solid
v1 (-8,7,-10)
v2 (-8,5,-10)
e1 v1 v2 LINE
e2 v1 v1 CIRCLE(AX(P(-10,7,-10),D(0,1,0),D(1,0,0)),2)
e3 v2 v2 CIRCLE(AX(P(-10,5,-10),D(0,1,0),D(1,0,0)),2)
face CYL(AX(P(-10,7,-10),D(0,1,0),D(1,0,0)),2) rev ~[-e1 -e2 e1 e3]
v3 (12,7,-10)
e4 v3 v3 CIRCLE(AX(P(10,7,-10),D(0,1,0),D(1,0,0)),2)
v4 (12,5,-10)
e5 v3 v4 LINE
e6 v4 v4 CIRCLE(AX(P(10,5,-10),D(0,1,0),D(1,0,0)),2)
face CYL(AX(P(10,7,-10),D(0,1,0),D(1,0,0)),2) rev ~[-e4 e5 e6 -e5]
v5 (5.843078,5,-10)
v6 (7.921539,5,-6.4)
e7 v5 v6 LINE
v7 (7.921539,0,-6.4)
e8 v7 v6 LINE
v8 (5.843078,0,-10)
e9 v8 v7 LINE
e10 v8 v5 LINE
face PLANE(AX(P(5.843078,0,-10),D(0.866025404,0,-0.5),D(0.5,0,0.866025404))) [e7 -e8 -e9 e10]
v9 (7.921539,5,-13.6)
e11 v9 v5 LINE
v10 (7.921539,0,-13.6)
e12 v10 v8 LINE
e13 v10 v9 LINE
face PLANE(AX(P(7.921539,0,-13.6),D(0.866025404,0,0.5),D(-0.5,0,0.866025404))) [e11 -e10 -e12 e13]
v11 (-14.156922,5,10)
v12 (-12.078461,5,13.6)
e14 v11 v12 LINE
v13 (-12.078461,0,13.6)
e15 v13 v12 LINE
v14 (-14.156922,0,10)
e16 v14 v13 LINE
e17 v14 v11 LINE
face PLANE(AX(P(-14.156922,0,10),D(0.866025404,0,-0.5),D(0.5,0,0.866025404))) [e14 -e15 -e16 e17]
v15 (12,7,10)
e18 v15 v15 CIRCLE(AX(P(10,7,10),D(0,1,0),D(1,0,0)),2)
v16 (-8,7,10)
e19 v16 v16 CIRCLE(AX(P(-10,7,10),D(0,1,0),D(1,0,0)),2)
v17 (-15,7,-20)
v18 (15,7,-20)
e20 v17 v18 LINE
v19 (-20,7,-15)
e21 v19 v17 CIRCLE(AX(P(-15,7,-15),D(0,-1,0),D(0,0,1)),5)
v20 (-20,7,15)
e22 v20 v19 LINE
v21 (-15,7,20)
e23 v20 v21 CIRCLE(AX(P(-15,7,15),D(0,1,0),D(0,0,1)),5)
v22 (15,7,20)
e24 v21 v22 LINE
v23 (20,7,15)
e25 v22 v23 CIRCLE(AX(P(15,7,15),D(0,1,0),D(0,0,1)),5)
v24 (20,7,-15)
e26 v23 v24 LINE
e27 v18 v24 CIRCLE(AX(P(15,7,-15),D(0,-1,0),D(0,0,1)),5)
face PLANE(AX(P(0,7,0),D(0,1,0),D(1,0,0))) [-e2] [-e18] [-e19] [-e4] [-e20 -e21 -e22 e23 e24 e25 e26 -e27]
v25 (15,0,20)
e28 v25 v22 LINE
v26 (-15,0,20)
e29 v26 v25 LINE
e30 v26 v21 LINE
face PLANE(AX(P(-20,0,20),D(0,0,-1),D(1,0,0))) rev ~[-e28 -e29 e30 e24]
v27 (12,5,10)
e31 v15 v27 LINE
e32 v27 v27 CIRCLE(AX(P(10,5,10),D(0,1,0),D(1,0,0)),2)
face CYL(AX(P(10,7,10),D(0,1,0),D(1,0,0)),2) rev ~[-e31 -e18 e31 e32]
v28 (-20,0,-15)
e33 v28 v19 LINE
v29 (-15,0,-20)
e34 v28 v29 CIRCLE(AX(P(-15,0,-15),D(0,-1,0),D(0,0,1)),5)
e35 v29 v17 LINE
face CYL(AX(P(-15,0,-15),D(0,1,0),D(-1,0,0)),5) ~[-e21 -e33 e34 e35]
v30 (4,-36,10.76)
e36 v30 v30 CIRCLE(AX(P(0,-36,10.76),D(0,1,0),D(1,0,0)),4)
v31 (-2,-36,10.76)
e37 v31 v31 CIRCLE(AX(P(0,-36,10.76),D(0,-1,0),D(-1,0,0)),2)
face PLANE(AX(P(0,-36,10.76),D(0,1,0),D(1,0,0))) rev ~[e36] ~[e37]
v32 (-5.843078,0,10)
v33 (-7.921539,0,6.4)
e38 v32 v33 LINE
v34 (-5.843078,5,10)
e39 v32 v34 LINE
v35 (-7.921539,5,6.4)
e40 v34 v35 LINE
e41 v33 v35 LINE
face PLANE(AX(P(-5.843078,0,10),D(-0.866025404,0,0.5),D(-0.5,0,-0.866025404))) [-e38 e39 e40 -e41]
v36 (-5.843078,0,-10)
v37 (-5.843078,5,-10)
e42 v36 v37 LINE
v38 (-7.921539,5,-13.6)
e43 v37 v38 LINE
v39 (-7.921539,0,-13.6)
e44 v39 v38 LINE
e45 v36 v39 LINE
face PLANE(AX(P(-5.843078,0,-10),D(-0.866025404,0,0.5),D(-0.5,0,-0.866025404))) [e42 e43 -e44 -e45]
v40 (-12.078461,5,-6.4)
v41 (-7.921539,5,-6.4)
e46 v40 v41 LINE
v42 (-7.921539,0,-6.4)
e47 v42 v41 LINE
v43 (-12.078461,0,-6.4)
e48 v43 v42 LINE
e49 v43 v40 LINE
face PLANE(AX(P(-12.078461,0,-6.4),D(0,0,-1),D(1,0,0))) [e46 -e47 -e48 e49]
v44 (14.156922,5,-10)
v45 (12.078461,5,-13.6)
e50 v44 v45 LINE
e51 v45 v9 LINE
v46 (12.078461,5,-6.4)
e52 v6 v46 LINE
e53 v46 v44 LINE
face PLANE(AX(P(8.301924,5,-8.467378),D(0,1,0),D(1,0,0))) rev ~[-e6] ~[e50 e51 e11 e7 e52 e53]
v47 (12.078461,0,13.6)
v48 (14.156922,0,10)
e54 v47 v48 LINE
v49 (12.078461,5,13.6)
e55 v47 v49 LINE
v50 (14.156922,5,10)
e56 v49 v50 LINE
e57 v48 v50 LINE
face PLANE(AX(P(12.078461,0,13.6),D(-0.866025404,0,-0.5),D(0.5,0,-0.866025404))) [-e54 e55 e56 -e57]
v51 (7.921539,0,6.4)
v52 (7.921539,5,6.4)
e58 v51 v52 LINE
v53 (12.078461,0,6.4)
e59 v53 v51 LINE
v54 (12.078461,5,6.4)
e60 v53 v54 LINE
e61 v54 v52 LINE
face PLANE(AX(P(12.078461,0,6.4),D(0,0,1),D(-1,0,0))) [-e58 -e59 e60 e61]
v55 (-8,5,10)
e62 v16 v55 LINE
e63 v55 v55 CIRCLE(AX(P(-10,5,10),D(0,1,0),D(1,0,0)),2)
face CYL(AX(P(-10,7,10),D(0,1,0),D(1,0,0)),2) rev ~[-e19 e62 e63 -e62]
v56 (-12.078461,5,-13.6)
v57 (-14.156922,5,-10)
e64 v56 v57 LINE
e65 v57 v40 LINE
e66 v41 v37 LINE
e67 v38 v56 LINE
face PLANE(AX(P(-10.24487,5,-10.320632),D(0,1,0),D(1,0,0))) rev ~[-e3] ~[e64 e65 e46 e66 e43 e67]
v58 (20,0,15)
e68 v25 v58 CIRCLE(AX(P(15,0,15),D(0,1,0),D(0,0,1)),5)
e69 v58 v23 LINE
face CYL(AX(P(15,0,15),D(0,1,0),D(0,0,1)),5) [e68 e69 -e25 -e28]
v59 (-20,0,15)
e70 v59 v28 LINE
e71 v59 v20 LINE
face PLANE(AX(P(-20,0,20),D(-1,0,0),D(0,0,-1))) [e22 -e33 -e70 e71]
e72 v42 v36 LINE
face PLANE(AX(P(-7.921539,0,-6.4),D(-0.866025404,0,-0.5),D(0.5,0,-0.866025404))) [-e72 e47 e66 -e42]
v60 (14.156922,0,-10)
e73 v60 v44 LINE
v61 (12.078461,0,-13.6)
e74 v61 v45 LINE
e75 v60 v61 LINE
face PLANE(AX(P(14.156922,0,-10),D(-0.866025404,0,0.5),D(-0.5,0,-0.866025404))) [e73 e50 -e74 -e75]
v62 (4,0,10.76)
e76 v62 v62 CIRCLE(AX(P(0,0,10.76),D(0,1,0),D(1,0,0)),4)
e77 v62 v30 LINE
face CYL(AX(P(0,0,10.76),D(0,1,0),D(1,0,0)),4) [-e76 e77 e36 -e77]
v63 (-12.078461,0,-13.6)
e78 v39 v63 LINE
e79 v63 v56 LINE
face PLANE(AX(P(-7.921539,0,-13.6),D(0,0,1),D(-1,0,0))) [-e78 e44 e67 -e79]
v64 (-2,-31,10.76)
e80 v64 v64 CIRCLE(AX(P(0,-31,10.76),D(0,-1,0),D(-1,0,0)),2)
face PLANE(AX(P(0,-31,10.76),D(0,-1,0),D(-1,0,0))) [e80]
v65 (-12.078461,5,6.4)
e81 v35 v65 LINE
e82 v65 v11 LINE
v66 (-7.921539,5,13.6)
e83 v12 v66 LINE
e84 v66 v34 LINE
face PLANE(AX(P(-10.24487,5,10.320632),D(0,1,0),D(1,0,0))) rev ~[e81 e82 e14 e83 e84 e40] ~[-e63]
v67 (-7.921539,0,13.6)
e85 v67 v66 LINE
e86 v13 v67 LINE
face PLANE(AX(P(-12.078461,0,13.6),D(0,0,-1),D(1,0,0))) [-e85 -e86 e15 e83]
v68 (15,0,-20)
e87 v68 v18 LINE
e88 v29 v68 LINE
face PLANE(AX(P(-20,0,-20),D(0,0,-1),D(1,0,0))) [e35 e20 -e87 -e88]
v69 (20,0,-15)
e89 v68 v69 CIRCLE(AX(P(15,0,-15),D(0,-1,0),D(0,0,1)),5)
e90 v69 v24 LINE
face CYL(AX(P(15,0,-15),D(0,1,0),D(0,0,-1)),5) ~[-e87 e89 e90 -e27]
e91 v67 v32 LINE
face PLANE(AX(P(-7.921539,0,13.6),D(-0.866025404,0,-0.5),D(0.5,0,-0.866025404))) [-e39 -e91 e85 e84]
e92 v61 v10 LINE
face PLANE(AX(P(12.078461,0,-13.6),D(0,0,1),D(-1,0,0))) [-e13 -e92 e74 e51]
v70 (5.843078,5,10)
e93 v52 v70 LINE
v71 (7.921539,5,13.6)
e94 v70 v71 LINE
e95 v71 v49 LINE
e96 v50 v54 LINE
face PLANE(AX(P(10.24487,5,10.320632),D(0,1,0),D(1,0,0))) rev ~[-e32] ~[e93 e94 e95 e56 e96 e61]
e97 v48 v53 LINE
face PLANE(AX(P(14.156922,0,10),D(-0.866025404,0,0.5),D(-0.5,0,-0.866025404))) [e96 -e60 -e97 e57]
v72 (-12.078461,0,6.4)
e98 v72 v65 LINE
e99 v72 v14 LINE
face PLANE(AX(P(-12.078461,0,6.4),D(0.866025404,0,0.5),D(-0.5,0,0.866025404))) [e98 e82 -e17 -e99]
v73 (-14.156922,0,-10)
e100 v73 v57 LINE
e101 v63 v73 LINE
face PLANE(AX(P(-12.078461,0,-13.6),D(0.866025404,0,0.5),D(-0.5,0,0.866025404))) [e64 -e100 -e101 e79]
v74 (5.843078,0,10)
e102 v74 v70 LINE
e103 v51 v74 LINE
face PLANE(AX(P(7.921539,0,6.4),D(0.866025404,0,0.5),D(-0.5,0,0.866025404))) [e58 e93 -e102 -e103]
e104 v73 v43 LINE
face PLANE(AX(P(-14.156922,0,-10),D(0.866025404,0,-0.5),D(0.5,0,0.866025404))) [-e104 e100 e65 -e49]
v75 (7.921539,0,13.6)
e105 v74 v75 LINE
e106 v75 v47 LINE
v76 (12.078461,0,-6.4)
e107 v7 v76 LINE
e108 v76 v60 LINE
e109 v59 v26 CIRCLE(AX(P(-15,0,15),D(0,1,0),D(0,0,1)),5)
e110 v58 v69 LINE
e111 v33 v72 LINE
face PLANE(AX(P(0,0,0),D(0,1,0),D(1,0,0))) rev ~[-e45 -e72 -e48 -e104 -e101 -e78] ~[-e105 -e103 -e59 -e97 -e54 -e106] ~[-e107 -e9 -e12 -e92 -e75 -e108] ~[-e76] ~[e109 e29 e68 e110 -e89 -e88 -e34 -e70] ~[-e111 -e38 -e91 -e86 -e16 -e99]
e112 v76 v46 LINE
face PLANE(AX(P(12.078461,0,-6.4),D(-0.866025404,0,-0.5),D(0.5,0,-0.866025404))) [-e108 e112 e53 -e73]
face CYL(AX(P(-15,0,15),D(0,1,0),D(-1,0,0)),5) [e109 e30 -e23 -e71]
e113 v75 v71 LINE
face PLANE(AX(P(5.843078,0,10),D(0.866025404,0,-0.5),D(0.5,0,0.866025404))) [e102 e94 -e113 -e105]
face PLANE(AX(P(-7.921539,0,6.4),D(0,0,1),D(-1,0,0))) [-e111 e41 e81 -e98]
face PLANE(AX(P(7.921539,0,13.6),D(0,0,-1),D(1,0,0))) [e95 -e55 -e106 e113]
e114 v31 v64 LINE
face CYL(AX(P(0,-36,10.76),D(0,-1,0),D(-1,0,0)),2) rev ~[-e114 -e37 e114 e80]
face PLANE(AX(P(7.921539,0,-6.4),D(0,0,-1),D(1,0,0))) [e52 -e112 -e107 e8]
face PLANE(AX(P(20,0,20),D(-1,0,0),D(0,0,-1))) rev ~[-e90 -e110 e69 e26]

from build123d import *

# Parameters (mm, degrees)
SKETCH1_W           = 40
SKETCH1_H           = 40
BOSS_EXTRUDE1_DEPTH = 7
SKETCH3_R           = 2
CUT_EXTRUDE2_DEPTH  = 8
FILLET1_R           = 5
CUT_EXTRUDE7_DEPTH  = 5
SKETCH4_R           = 4
BOSS_EXTRUDE2_DEPTH = 36
SKETCH5_R           = 2
CUT_EXTRUDE8_DEPTH  = 5


with BuildPart() as part:
    # Sketch1 → Boss-Extrude1 (new body)
    with BuildSketch(Plane(origin=(0, 0, 0), x_dir=(1, 0, 0), z_dir=(0, 1, 0))):
        Rectangle(SKETCH1_W, SKETCH1_H)
    extrude(amount=BOSS_EXTRUDE1_DEPTH)

    # Sketch3 → Cut-Extrude2 (cut, through all)
    with BuildSketch(Plane(origin=(0, 7, 0), x_dir=(1, 0, 0), z_dir=(0, 1, 0))):
        with Locations((-10, 10)):
            Circle(SKETCH3_R)
        with Locations((10, 10)):
            Circle(SKETCH3_R)
        with Locations((-10, -10)):
            Circle(SKETCH3_R)
        with Locations((10, -10)):
            Circle(SKETCH3_R)
    extrude(amount=-CUT_EXTRUDE2_DEPTH, mode=Mode.SUBTRACT)

    # Fillet1
    fillet1_edges = [part.edges().sort_by_distance(p)[0] for p in [
        (20, 3.5, 20),
        (-20, 3.5, 20),
        (-20, 3.5, -20),
        (20, 3.5, -20),
    ]]
    fillet(fillet1_edges, radius=FILLET1_R)

    # Sketch2 → Cut-Extrude7 (cut)
    with BuildSketch(Plane(origin=(0, 0, 0), x_dir=(1, 0, 0), z_dir=(0, 1, 0))):
        Polygon((-5.843078062, -10), (-10, -10), (-10, -6.4), (-12.078460969, -6.4), (-14.156921938, -10), (-12.078460969, -13.6), (-7.921539031, -13.6), align=None)
        Polygon((10, -10), (5.843078062, -10), (7.921539031, -13.6), (12.078460969, -13.6), (14.156921938, -10), (12.078460969, -6.4), (10, -6.4), align=None)
        Polygon((7.921539031, -6.4), (5.843078062, -10), (10, -10), (10, -6.4), align=None)
        Polygon((-10, -6.4), (-10, -10), (-5.843078062, -10), (-7.921539031, -6.4), align=None)
        Polygon((-12.078460969, 6.4), (-10, 6.4), (-10, 10), (-5.843078062, 10), (-7.921539031, 13.6), (-12.078460969, 13.6), (-14.156921938, 10), align=None)
        Polygon((-10, 10), (-10, 6.4), (-7.921539031, 6.4), (-5.843078062, 10), align=None)
        Polygon((7.921539031, 6.4), (10, 6.4), (10, 10), (5.843078062, 10), align=None)
        Polygon((10, 10), (10, 6.4), (12.078460969, 6.4), (14.156921938, 10), (12.078460969, 13.6), (7.921539031, 13.6), (5.843078062, 10), align=None)
    extrude(amount=CUT_EXTRUDE7_DEPTH, mode=Mode.SUBTRACT)

    # Sketch4 → Boss-Extrude2 (add)
    with BuildSketch(Plane(origin=(0, 0, 0), x_dir=(1, 0, 0), z_dir=(0, 1, 0))):
        with Locations((0, -10.76)):
            Circle(SKETCH4_R)
    extrude(amount=-BOSS_EXTRUDE2_DEPTH)

    # Sketch5 → Cut-Extrude8 (cut)
    with BuildSketch(Plane(origin=(0, -36, 0), x_dir=(-1, 0, 0), z_dir=(0, -1, 0))):
        with Locations((0, -10.76)):
            Circle(SKETCH5_R)
    extrude(amount=-CUT_EXTRUDE8_DEPTH, mode=Mode.SUBTRACT)


solid = part.part
